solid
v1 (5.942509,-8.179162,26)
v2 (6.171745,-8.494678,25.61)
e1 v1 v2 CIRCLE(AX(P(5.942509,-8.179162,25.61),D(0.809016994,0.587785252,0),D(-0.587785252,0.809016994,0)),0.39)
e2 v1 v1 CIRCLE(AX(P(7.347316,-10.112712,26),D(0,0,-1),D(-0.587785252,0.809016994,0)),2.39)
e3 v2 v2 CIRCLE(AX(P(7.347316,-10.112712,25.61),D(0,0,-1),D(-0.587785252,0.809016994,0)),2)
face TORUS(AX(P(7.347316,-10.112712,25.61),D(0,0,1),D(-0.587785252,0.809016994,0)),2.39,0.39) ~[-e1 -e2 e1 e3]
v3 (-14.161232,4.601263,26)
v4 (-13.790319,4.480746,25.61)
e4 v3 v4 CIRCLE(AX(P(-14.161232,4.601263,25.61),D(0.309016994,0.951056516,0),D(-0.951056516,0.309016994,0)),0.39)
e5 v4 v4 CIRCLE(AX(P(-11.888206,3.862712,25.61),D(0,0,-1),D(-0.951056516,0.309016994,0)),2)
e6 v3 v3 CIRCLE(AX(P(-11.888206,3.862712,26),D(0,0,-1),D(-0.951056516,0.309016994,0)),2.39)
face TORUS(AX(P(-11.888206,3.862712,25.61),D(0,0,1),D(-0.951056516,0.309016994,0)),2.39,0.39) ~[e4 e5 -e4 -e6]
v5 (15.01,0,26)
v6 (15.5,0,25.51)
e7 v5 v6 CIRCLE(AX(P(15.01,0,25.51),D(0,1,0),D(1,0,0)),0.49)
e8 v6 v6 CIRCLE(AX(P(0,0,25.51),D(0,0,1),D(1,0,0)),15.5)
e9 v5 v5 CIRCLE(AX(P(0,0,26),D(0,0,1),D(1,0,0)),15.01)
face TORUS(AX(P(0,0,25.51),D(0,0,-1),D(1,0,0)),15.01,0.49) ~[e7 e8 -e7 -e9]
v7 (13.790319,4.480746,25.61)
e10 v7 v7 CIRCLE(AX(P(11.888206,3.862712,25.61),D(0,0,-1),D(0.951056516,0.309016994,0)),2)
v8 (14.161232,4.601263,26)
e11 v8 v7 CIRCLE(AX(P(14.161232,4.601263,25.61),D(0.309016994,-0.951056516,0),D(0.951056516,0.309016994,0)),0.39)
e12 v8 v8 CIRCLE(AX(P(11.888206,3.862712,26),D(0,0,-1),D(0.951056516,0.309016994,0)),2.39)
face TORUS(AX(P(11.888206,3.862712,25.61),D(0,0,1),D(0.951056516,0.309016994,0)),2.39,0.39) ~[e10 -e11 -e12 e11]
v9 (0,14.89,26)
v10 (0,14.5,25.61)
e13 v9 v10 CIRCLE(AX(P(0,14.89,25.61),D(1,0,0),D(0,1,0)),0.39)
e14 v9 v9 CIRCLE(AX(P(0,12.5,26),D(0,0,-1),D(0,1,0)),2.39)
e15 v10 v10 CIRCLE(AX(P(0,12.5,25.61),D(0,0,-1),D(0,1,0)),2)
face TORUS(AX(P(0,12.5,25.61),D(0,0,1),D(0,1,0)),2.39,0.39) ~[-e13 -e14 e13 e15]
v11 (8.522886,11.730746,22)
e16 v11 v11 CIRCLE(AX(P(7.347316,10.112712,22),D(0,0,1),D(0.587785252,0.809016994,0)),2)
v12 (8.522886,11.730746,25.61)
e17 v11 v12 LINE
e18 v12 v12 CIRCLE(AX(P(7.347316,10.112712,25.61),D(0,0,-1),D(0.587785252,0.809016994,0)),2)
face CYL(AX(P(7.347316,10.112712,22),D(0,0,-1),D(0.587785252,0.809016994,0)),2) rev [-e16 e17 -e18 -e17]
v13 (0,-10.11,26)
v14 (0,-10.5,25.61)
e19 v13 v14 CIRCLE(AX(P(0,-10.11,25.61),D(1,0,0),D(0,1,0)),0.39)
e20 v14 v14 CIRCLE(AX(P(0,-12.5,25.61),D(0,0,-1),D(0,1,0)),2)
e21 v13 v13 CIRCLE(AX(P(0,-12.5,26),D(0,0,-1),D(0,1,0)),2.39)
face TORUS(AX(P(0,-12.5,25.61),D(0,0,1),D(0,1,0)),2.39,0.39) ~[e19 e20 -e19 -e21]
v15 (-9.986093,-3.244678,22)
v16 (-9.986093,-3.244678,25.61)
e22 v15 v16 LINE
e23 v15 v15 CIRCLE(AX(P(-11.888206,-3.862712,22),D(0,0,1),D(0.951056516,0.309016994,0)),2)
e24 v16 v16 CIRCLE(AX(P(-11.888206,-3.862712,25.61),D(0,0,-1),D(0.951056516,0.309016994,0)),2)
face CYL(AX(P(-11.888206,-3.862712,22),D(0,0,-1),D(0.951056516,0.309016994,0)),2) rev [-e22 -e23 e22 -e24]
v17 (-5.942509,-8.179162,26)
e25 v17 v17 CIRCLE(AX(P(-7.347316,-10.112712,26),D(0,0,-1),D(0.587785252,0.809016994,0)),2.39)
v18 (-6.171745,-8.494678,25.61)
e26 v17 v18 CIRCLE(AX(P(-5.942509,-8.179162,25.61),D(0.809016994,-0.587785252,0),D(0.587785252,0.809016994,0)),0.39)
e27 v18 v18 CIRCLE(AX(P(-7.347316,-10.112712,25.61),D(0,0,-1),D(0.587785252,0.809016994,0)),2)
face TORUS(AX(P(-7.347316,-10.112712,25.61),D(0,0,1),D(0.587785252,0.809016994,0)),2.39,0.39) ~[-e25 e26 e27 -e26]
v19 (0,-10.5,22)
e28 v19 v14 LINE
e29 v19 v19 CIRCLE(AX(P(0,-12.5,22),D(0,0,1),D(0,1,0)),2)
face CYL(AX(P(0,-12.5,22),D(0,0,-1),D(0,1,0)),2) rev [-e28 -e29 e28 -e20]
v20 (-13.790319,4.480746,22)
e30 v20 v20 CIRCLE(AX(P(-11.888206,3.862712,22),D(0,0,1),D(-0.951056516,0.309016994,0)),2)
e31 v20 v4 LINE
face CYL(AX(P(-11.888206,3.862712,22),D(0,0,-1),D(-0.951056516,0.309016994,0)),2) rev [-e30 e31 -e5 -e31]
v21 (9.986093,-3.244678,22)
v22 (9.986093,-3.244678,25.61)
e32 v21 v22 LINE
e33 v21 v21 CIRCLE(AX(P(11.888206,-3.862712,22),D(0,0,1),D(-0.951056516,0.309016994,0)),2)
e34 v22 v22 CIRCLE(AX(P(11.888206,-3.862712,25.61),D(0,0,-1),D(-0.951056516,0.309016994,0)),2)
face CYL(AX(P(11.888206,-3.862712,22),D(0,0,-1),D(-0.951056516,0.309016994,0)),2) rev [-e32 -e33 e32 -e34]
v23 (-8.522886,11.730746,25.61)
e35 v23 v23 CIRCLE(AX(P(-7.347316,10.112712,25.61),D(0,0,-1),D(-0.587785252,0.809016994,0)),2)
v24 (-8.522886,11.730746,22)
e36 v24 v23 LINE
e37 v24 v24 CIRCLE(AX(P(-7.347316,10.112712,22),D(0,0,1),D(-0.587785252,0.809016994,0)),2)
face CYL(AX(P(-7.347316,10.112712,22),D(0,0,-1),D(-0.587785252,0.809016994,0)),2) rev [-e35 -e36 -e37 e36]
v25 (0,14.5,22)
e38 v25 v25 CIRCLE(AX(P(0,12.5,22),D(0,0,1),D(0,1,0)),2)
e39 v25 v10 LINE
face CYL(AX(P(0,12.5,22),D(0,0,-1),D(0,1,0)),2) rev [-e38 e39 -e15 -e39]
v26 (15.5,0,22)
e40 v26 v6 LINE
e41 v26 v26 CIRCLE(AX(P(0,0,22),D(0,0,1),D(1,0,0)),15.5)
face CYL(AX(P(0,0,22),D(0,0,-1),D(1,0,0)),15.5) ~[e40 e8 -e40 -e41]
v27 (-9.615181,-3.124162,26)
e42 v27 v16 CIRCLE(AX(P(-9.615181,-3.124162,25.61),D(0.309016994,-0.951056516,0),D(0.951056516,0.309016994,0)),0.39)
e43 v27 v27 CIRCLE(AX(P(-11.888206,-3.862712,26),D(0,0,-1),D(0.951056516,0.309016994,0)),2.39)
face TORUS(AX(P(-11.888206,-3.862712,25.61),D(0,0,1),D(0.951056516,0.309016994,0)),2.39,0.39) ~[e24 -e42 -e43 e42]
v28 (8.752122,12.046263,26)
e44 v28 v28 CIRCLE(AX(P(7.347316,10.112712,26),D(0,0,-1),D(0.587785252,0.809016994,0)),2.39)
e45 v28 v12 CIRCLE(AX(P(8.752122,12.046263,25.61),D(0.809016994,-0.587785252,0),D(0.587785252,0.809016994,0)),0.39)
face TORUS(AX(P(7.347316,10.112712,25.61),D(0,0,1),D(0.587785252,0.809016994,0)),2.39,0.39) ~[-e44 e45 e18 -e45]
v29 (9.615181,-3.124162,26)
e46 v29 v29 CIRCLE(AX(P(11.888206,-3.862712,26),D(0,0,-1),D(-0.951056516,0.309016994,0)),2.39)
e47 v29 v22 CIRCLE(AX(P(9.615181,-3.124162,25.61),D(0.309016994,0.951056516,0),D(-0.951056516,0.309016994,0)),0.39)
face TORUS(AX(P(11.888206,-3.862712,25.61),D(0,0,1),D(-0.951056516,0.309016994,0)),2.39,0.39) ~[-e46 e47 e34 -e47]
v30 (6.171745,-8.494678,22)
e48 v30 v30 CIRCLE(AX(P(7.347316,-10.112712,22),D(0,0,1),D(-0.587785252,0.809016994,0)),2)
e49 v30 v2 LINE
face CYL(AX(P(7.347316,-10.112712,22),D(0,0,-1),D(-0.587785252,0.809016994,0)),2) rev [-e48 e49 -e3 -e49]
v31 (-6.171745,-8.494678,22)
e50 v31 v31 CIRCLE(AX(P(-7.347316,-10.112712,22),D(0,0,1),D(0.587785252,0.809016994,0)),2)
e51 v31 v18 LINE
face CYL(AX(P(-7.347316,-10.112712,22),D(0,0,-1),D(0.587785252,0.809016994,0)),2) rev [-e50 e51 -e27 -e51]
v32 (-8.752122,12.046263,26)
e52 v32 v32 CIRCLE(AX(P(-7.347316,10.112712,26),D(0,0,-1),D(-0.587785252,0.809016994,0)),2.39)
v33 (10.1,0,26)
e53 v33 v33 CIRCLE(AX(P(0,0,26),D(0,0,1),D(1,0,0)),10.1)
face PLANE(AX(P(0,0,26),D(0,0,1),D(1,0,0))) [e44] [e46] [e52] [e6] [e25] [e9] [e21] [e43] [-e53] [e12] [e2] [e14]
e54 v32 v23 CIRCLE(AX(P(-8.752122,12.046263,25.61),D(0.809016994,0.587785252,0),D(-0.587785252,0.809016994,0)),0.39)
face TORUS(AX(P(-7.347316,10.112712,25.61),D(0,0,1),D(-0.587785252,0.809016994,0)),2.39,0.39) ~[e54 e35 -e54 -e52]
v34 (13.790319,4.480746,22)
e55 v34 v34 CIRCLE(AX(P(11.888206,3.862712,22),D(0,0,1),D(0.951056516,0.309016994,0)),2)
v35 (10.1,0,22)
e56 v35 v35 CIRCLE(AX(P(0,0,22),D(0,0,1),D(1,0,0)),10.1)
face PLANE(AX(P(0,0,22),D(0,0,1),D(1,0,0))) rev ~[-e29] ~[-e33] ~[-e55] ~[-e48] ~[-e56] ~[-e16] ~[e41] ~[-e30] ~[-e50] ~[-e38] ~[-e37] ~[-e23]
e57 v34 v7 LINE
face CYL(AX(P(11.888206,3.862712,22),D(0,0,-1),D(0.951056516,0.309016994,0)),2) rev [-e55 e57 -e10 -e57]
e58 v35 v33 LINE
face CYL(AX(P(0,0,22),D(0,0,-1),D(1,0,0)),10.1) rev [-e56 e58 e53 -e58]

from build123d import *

# Parameters (mm, degrees)
CYLINDER061_R             = 10.1
CYLINDER061_DEPTH         = 4
CYLINDER054_R             = 2
CYLINDER054_DEPTH         = 10
CYLINDER053_R             = 2
CYLINDER053_DEPTH         = 10
FUSION027_PLACEMENT_ANGLE = 54
CYLINDER056_R             = 2
CYLINDER056_DEPTH         = 10
CYLINDER055_R             = 2
CYLINDER055_DEPTH         = 10
FUSION028_PLACEMENT_ANGLE = 162
CYLINDER058_R             = 2
CYLINDER058_DEPTH         = 10
CYLINDER057_R             = 2
CYLINDER057_DEPTH         = 10
FUSION029_PLACEMENT_ANGLE = 126
CYLINDER060_R             = 2
CYLINDER060_DEPTH         = 10
CYLINDER059_R             = 2
CYLINDER059_DEPTH         = 10
FUSION030_PLACEMENT_ANGLE = 90
CYLINDER052_R             = 2
CYLINDER052_DEPTH         = 10
CYLINDER051_R             = 2
CYLINDER051_DEPTH         = 10
FUSION026_PLACEMENT_ANGLE = 18
CYLINDER050_R             = 15.5
CYLINDER050_DEPTH         = 4
FILLET004_R               = 0.39
FILLET003_R               = 0.49


with BuildPart() as cylinder061:
    # Cylinder061 → Cylinder061 (new body)
    with BuildSketch(Plane.XY.offset(22)):
        Circle(CYLINDER061_R)
    extrude(amount=CYLINDER061_DEPTH)


with BuildPart() as cylinder054:
    # Cylinder054 → Cylinder054 (new body)
    with BuildSketch(Plane(origin=(-12.5, 0, 13), x_dir=(1, 0, 0), z_dir=(0, 0, 1))):
        Circle(CYLINDER054_R)
    extrude(amount=CYLINDER054_DEPTH)


with BuildPart() as fusion027:
    # Cylinder053 → Cylinder053 (new body)
    with BuildSketch(Plane(origin=(12.5, 0, 13), x_dir=(1, 0, 0), z_dir=(0, 0, 1))):
        Circle(CYLINDER053_R)
    extrude(amount=CYLINDER053_DEPTH)

    # Fusion027: union Cylinder054
    add(cylinder054.part)


with BuildPart() as fusion027_1:
    # Fusion027 placement: moved
    add(fusion027.part.rotate(Axis((0, 0, 0), (0, 0, 1)), FUSION027_PLACEMENT_ANGLE))


with BuildPart() as cylinder056:
    # Cylinder056 → Cylinder056 (new body)
    with BuildSketch(Plane(origin=(-12.5, 0, 13), x_dir=(1, 0, 0), z_dir=(0, 0, 1))):
        Circle(CYLINDER056_R)
    extrude(amount=CYLINDER056_DEPTH)


with BuildPart() as fusion028:
    # Cylinder055 → Cylinder055 (new body)
    with BuildSketch(Plane(origin=(12.5, 0, 13), x_dir=(1, 0, 0), z_dir=(0, 0, 1))):
        Circle(CYLINDER055_R)
    extrude(amount=CYLINDER055_DEPTH)

    # Fusion028: union Cylinder056
    add(cylinder056.part)


with BuildPart() as fusion028_1:
    # Fusion028 placement: moved
    add(fusion028.part.rotate(Axis((0, 0, 0), (0, 0, 1)), FUSION028_PLACEMENT_ANGLE))


with BuildPart() as cylinder058:
    # Cylinder058 → Cylinder058 (new body)
    with BuildSketch(Plane(origin=(-12.5, 0, 13), x_dir=(1, 0, 0), z_dir=(0, 0, 1))):
        Circle(CYLINDER058_R)
    extrude(amount=CYLINDER058_DEPTH)


with BuildPart() as fusion029:
    # Cylinder057 → Cylinder057 (new body)
    with BuildSketch(Plane(origin=(12.5, 0, 13), x_dir=(1, 0, 0), z_dir=(0, 0, 1))):
        Circle(CYLINDER057_R)
    extrude(amount=CYLINDER057_DEPTH)

    # Fusion029: union Cylinder058
    add(cylinder058.part)


with BuildPart() as fusion029_1:
    # Fusion029 placement: moved
    add(fusion029.part.rotate(Axis((0, 0, 0), (0, 0, 1)), FUSION029_PLACEMENT_ANGLE))


with BuildPart() as cylinder060:
    # Cylinder060 → Cylinder060 (new body)
    with BuildSketch(Plane(origin=(-12.5, 0, 13), x_dir=(1, 0, 0), z_dir=(0, 0, 1))):
        Circle(CYLINDER060_R)
    extrude(amount=CYLINDER060_DEPTH)


with BuildPart() as fusion030:
    # Cylinder059 → Cylinder059 (new body)
    with BuildSketch(Plane(origin=(12.5, 0, 13), x_dir=(1, 0, 0), z_dir=(0, 0, 1))):
        Circle(CYLINDER059_R)
    extrude(amount=CYLINDER059_DEPTH)

    # Fusion030: union Cylinder060
    add(cylinder060.part)


with BuildPart() as fusion030_1:
    # Fusion030 placement: moved
    add(fusion030.part.rotate(Axis((0, 0, 0), (0, 0, 1)), FUSION030_PLACEMENT_ANGLE))


with BuildPart() as cylinder052:
    # Cylinder052 → Cylinder052 (new body)
    with BuildSketch(Plane(origin=(-12.5, 0, 13), x_dir=(1, 0, 0), z_dir=(0, 0, 1))):
        Circle(CYLINDER052_R)
    extrude(amount=CYLINDER052_DEPTH)


with BuildPart() as fusion025:
    # Cylinder051 → Cylinder051 (new body)
    with BuildSketch(Plane(origin=(12.5, 0, 13), x_dir=(1, 0, 0), z_dir=(0, 0, 1))):
        Circle(CYLINDER051_R)
    extrude(amount=CYLINDER051_DEPTH)

    # Fusion026: union Cylinder052
    add(cylinder052.part)


with BuildPart() as fusion025_1:
    # Fusion026 placement: moved
    add(fusion025.part.rotate(Axis((0, 0, 0), (0, 0, 1)), FUSION026_PLACEMENT_ANGLE))

    # Fusion025: union Fusion027, Fusion028, Fusion029, Fusion030
    add(fusion027_1.part)
    add(fusion028_1.part)
    add(fusion029_1.part)
    add(fusion030_1.part)


with BuildPart() as fusion025_2:
    # Fusion025 placement: moved
    add(fusion025_1.part.moved(Location((0, 0, 9))))


with BuildPart() as hub_bolts_cover_front:
    # Cylinder050 → Cylinder050 (new body)
    with BuildSketch(Plane.XY.offset(22)):
        Circle(CYLINDER050_R)
    extrude(amount=CYLINDER050_DEPTH)

    # Cut015: cut Fusion025
    add(fusion025_2.part, mode=Mode.SUBTRACT)

    # Fillet004
    fillet004_edges = [hub_bolts_cover_front.edges().sort_by_distance(p)[0] for p in [
        (0, 10.5, 26),
        (8.522886, -11.730746, 26),
        (9.986093, 3.244678, 26),
        (-8.522886, -11.730746, 26),
        (6.171745, 8.494678, 26),
        (13.790319, -4.480746, 26),
        (-13.790319, -4.480746, 26),
        (-6.171745, 8.494678, 26),
        (-9.986093, 3.244678, 26),
        (0, -14.5, 26),
    ]]
    fillet(fillet004_edges, radius=FILLET004_R)

    # Cut014: cut Cylinder061
    add(cylinder061.part, mode=Mode.SUBTRACT)

    # Fillet003
    fillet003_edges = [hub_bolts_cover_front.edges().sort_by_distance(p)[0] for p in [
        (-15.5, 0, 26),
    ]]
    fillet(fillet003_edges, radius=FILLET003_R)


solid = hub_bolts_cover_front.part
